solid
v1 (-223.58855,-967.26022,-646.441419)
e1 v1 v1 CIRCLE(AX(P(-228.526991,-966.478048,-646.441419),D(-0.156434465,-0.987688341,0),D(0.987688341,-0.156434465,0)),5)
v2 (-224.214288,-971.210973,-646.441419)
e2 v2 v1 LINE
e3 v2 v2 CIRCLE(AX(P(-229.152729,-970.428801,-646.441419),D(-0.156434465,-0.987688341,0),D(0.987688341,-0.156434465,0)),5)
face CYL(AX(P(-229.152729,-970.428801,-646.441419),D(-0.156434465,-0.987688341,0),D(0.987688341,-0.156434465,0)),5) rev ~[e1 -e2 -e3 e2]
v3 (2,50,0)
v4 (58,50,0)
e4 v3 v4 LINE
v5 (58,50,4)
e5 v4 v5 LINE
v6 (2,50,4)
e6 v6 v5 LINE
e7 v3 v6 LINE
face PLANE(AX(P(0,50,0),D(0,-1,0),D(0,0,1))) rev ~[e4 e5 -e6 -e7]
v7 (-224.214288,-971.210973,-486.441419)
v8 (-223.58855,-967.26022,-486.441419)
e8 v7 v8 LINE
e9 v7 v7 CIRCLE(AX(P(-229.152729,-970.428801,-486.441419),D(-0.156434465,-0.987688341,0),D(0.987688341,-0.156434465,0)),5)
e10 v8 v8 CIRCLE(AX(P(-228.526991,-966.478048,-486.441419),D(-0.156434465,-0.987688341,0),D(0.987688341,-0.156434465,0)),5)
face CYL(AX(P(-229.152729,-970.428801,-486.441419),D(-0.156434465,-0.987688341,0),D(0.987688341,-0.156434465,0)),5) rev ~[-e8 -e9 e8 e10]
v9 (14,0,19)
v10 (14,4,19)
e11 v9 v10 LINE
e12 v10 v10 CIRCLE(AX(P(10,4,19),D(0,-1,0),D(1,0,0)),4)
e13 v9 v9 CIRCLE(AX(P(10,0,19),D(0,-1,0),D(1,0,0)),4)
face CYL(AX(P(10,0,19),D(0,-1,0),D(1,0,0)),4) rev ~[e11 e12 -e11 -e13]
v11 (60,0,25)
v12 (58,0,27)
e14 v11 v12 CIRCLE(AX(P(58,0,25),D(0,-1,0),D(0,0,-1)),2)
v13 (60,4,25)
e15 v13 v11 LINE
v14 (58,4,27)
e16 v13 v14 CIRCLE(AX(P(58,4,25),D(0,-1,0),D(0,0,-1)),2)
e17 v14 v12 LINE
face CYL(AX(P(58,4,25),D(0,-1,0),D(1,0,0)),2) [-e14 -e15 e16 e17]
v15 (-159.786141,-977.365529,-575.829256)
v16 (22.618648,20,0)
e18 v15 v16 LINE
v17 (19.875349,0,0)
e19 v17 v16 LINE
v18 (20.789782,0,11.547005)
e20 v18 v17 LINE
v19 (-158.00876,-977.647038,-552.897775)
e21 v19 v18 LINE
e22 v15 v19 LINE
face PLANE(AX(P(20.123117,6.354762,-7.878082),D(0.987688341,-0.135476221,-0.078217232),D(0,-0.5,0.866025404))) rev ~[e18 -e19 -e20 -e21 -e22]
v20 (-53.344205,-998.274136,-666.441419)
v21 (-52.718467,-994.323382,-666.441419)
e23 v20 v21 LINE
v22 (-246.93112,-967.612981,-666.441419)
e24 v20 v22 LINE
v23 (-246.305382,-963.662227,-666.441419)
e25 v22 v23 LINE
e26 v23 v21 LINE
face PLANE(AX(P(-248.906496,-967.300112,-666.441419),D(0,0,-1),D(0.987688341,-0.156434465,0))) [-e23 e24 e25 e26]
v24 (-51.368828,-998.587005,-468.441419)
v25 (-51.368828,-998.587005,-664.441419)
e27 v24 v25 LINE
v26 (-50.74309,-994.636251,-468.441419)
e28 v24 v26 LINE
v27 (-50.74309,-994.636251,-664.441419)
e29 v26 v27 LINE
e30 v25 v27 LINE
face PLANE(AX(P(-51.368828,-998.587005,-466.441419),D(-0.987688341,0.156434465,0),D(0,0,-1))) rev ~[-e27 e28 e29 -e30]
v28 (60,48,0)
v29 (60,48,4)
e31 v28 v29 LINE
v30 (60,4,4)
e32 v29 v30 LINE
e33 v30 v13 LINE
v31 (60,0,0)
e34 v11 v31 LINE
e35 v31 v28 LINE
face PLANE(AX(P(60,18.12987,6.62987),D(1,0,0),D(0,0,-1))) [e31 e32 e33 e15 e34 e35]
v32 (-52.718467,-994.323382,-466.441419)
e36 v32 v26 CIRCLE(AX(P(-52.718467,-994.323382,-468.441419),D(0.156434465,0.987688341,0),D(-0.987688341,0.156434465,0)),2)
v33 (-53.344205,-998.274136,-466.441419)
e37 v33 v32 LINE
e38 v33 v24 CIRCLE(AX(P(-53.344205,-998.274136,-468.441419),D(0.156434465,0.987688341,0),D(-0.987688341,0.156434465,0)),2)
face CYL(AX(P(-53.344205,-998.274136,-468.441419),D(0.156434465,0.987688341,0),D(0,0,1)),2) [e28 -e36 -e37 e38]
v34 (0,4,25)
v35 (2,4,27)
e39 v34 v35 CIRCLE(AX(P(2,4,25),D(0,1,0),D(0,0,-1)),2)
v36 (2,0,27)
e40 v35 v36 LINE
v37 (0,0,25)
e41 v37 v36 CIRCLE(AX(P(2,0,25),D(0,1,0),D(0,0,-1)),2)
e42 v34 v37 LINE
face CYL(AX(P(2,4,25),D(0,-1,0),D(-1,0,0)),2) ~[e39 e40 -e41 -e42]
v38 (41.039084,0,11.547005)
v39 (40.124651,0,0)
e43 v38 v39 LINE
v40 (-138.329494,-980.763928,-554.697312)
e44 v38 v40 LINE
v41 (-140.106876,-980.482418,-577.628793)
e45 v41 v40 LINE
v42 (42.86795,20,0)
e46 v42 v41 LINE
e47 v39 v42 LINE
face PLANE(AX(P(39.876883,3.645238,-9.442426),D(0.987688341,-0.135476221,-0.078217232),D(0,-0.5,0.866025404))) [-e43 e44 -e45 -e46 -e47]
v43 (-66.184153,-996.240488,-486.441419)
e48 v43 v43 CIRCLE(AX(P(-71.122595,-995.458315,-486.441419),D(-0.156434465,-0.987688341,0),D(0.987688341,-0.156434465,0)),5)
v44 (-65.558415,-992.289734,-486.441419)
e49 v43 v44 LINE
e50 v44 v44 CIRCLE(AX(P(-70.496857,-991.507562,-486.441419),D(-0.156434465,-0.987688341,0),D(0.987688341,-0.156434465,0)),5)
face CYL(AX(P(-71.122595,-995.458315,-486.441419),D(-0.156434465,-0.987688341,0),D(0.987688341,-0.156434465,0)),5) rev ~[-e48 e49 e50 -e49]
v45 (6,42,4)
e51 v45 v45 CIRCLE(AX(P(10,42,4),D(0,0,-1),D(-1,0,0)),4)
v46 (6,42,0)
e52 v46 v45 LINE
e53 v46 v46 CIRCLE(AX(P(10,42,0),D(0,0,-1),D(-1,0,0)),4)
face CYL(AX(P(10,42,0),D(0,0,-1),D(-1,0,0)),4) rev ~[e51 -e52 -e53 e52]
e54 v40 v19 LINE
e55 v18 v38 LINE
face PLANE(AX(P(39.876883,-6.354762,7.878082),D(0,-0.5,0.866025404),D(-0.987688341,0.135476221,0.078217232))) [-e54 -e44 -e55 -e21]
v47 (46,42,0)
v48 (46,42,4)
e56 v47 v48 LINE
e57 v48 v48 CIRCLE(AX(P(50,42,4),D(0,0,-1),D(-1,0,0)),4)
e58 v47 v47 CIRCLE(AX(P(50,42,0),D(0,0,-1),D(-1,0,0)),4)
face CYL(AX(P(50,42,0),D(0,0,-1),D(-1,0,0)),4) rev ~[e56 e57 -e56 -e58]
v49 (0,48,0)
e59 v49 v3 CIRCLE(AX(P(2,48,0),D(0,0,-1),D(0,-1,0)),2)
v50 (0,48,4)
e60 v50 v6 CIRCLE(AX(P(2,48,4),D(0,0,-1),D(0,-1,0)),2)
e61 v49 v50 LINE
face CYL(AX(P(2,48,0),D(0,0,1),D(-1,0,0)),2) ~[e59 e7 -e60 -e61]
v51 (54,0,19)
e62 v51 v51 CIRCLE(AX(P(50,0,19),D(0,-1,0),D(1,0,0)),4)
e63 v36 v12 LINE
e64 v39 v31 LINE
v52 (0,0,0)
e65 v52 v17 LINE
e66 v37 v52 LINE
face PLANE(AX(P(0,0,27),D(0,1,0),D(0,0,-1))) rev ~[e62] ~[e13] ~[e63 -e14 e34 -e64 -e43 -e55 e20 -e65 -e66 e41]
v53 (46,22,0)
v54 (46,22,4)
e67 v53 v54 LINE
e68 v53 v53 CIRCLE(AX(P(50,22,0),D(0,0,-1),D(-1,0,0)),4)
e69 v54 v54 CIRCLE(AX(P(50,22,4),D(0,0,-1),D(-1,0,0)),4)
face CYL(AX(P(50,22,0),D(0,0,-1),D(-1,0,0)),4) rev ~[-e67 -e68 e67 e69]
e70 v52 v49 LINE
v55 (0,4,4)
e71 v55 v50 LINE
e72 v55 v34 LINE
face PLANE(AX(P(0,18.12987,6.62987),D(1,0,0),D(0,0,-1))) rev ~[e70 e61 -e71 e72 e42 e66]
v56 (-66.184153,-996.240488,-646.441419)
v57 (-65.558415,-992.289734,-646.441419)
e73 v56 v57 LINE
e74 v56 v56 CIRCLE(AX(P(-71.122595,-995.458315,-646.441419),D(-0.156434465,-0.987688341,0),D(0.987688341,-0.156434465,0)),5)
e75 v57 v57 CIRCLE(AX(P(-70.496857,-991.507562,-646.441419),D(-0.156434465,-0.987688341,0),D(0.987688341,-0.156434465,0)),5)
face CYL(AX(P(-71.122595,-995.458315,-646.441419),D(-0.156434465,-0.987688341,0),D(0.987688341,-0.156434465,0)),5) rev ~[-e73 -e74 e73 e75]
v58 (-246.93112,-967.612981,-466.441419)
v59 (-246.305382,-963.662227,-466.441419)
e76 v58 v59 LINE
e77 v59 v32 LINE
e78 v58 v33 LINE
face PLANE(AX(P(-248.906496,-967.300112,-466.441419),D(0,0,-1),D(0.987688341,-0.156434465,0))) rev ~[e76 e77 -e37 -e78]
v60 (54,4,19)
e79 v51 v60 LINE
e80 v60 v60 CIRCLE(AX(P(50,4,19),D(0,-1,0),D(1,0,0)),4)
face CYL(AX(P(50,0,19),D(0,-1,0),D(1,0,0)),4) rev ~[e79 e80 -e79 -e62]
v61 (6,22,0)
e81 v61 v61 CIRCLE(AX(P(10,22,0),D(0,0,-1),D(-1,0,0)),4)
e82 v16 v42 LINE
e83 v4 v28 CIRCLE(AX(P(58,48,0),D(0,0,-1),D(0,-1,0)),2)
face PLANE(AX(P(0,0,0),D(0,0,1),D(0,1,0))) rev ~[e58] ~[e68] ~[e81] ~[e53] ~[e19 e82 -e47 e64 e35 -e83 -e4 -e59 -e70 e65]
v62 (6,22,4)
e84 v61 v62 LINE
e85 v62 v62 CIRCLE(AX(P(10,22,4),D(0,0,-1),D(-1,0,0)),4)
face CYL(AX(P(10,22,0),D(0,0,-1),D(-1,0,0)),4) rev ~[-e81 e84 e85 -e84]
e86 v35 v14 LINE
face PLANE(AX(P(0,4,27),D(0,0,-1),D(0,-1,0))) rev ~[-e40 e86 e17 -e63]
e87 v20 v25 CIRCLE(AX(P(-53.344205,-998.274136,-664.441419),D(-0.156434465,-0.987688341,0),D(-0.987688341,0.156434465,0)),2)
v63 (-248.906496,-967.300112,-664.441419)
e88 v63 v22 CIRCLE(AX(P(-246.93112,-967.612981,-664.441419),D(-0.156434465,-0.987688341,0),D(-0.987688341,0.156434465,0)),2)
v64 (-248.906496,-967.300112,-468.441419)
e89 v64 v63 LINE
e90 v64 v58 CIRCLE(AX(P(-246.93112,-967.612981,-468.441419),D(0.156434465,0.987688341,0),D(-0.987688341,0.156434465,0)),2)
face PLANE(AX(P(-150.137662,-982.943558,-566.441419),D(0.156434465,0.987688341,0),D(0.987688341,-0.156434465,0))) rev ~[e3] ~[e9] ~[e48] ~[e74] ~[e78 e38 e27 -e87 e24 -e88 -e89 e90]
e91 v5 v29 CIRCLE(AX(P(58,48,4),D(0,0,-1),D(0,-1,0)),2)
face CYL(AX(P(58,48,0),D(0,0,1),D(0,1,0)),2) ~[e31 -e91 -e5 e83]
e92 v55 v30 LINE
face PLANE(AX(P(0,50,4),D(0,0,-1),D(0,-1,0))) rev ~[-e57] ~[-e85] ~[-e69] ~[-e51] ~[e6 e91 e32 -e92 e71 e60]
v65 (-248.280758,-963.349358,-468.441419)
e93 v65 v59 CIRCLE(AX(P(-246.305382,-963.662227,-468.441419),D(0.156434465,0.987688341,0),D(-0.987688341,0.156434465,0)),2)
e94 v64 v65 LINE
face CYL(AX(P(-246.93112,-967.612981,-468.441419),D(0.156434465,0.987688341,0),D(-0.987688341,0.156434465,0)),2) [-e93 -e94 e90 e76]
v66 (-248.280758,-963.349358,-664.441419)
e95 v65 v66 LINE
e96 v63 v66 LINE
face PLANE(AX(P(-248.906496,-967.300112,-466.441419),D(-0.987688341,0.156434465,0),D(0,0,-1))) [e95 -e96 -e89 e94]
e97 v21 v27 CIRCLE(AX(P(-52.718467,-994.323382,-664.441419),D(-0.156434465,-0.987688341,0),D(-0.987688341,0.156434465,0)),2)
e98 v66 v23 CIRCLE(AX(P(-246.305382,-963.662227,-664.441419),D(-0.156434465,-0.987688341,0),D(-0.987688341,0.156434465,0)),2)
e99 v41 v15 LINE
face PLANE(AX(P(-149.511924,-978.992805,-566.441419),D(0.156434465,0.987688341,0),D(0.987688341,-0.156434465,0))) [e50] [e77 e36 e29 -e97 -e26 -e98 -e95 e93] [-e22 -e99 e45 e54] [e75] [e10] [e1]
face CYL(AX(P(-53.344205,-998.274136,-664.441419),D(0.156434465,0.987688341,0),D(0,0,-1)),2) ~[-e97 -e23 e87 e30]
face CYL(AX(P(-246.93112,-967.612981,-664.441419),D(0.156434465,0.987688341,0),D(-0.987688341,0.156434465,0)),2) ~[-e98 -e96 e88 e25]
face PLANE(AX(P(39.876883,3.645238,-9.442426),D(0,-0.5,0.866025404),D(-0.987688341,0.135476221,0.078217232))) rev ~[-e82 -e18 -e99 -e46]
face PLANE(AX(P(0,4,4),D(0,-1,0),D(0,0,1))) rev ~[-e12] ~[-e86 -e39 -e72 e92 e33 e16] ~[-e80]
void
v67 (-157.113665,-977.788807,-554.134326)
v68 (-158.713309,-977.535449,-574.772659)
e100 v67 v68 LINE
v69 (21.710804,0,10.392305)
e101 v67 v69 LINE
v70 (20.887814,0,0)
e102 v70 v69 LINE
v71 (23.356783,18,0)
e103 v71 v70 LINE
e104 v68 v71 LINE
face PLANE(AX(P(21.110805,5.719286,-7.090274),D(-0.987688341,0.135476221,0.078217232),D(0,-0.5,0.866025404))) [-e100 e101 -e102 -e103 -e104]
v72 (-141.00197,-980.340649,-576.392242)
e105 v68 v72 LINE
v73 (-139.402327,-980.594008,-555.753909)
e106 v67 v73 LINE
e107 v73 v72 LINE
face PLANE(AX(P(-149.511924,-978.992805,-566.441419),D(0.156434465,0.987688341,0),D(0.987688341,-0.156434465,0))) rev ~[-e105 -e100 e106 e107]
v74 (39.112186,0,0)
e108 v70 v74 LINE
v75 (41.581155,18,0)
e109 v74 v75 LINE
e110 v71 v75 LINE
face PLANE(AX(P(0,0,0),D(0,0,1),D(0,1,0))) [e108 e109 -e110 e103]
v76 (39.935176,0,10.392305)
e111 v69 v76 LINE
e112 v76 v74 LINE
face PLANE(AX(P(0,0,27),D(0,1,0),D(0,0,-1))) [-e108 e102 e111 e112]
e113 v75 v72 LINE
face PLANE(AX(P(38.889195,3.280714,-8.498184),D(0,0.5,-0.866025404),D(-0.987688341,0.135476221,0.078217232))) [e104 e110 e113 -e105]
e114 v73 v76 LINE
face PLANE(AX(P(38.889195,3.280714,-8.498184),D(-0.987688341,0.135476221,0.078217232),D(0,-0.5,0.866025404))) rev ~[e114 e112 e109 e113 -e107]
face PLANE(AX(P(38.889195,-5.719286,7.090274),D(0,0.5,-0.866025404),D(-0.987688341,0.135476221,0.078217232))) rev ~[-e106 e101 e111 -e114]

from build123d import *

# Parameters (mm, degrees)
BOSS_EXTRUDE1_DEPTH      = 60
SKETCH3_W                = 20
SKETCH3_H                = 20
SKETCH3_W_2              = 18
SKETCH3_H_2              = 18
BOSS_EXTRUDE2_DEPTH      = 2000
BOSS_EXTRUDE2_DEPTH_BACK = 20
CUT_EXTRUDE1_DEPTH       = 60
SKETCH7_W                = 200
SKETCH7_H                = 200
BOSS_EXTRUDE3_DEPTH      = 4
SKETCH8_W                = 109.20231627
SKETCH8_H                = 482.966945154
CUT_EXTRUDE3_DEPTH       = 1000
CUT_EXTRUDE4_REACH       = 29
SKETCH9_R                = 3.999999996
CUT_EXTRUDE5_REACH       = 52
SKETCH10_R               = 4.000000003
CUT_EXTRUDE6_REACH       = 1055.099
SKETCH11_R               = 5
FILLET1_R                = 2
FILLET2_R                = 2


with BuildPart() as part:
    # Sketch1 → Boss-Extrude1 (new body)
    with BuildSketch(Plane(origin=(0, 0, 0), x_dir=(0, 0, -1), z_dir=(1, 0, 0))):
        Polygon((0, 0), (0, 50), (-4, 50), (-4, 4), (-27, 4), (-27, 0), align=None)
    extrude(amount=BOSS_EXTRUDE1_DEPTH)

    # Sketch3 → Boss-Extrude2 (add, two sides)
    with BuildSketch(Plane(origin=(0.734152256, 4.01424851, 2.317627458), x_dir=(0, -0.5, 0.866025404), z_dir=(-0.156434465, -0.855363194, -0.49384417))) as boss_extrude2_sk:
        with Locations((0, -29.630650218)):
            Rectangle(SKETCH3_W, SKETCH3_H)
        with Locations((0, -29.630650218)):
            Rectangle(SKETCH3_W_2, SKETCH3_H_2, mode=Mode.SUBTRACT)
    extrude(amount=BOSS_EXTRUDE2_DEPTH)
    extrude(boss_extrude2_sk.sketch, amount=-BOSS_EXTRUDE2_DEPTH_BACK)

    # Sketch5 → Cut-Extrude1 (cut)
    with BuildSketch(Plane.ZY):
        Polygon((4, 4), (4, 36.054903459), (38.781358344, 4), align=None)
    extrude(amount=-CUT_EXTRUDE1_DEPTH, mode=Mode.SUBTRACT)

    # Sketch7 → Boss-Extrude3 (add)
    with BuildSketch(Plane(origin=(-155.547262091, -982.086761679, 2e-09), x_dir=(0.987688341, -0.156434465, 0), z_dir=(0.156434465, 0.987688341, 0))):
        with Locations((5.477031178, 566.441418592)):
            Rectangle(SKETCH7_W, SKETCH7_H)
    extrude(amount=BOSS_EXTRUDE3_DEPTH)

    # Sketch8 → Cut-Extrude3 (cut)
    with BuildSketch(Plane(origin=(-155.547262091, -982.086761679, 2e-09), x_dir=(0.987688341, -0.156434465, 0), z_dir=(-0.156434465, -0.987688341, 0))):
        with Locations((4.33544583, -787.065663544)):
            Rectangle(SKETCH8_W, SKETCH8_H)
    extrude(amount=CUT_EXTRUDE3_DEPTH, mode=Mode.SUBTRACT)

    # Sketch9 → Cut-Extrude4 (cut, up to next)
    with BuildSketch(Plane(origin=(0, 0, 0), x_dir=(-1, 0, 0), z_dir=(0, 0, -1)), mode=Mode.PRIVATE) as cut_extrude4_sk1:
        with Locations((-50, 22)):
            Circle(SKETCH9_R)
    cut_extrude4_tool1 = extrude(cut_extrude4_sk1.sketch, amount=-CUT_EXTRUDE4_REACH, mode=Mode.PRIVATE) & part.part
    add(cut_extrude4_tool1.solids().sort_by_distance((50, 22, 0))[0], mode=Mode.SUBTRACT)
    # Sketch9 → Cut-Extrude4 (cut, up to next)
    with BuildSketch(Plane(origin=(0, 0, 0), x_dir=(-1, 0, 0), z_dir=(0, 0, -1)), mode=Mode.PRIVATE) as cut_extrude4_sk2:
        with Locations((-10, 22)):
            Circle(SKETCH9_R)
    cut_extrude4_tool2 = extrude(cut_extrude4_sk2.sketch, amount=-CUT_EXTRUDE4_REACH, mode=Mode.PRIVATE) & part.part
    add(cut_extrude4_tool2.solids().sort_by_distance((10, 22, 0))[0], mode=Mode.SUBTRACT)
    # Sketch9 → Cut-Extrude4 (cut, up to next)
    with BuildSketch(Plane(origin=(0, 0, 0), x_dir=(-1, 0, 0), z_dir=(0, 0, -1)), mode=Mode.PRIVATE) as cut_extrude4_sk3:
        with Locations((-10, 42)):
            Circle(SKETCH9_R)
    cut_extrude4_tool3 = extrude(cut_extrude4_sk3.sketch, amount=-CUT_EXTRUDE4_REACH, mode=Mode.PRIVATE) & part.part
    add(cut_extrude4_tool3.solids().sort_by_distance((10, 42, 0))[0], mode=Mode.SUBTRACT)
    # Sketch9 → Cut-Extrude4 (cut, up to next)
    with BuildSketch(Plane(origin=(0, 0, 0), x_dir=(-1, 0, 0), z_dir=(0, 0, -1)), mode=Mode.PRIVATE) as cut_extrude4_sk4:
        with Locations((-50, 42)):
            Circle(SKETCH9_R)
    cut_extrude4_tool4 = extrude(cut_extrude4_sk4.sketch, amount=-CUT_EXTRUDE4_REACH, mode=Mode.PRIVATE) & part.part
    add(cut_extrude4_tool4.solids().sort_by_distance((50, 42, 0))[0], mode=Mode.SUBTRACT)

    # Sketch10 → Cut-Extrude5 (cut, up to next)
    with BuildSketch(Plane.XZ, mode=Mode.PRIVATE) as cut_extrude5_sk1:
        with Locations((50, 19)):
            Circle(SKETCH10_R)
    cut_extrude5_tool1 = extrude(cut_extrude5_sk1.sketch, amount=-CUT_EXTRUDE5_REACH, mode=Mode.PRIVATE) & part.part
    add(cut_extrude5_tool1.solids().sort_by_distance((50, 0, 19))[0], mode=Mode.SUBTRACT)
    # Sketch10 → Cut-Extrude5 (cut, up to next)
    with BuildSketch(Plane.XZ, mode=Mode.PRIVATE) as cut_extrude5_sk2:
        with Locations((10, 19)):
            Circle(SKETCH10_R)
    cut_extrude5_tool2 = extrude(cut_extrude5_sk2.sketch, amount=-CUT_EXTRUDE5_REACH, mode=Mode.PRIVATE) & part.part
    add(cut_extrude5_tool2.solids().sort_by_distance((10, 0, 19))[0], mode=Mode.SUBTRACT)

    # Sketch11 → Cut-Extrude6 (cut, up to next)
    with BuildSketch(Plane(origin=(-155.547262091, -982.086761679, 2e-09), x_dir=(0.987688341, -0.156434465, 0), z_dir=(-0.156434465, -0.987688341, 0)), mode=Mode.PRIVATE) as cut_extrude6_sk1:
        with Locations((-74.522968646, -486.441418617)):
            Circle(SKETCH11_R)
    cut_extrude6_tool1 = extrude(cut_extrude6_sk1.sketch, amount=-CUT_EXTRUDE6_REACH, mode=Mode.PRIVATE) & part.part
    add(cut_extrude6_tool1.solids().sort_by_distance((-229.152729, -970.428801, -486.441419))[0], mode=Mode.SUBTRACT)
    # Sketch11 → Cut-Extrude6 (cut, up to next)
    with BuildSketch(Plane(origin=(-155.547262091, -982.086761679, 2e-09), x_dir=(0.987688341, -0.156434465, 0), z_dir=(-0.156434465, -0.987688341, 0)), mode=Mode.PRIVATE) as cut_extrude6_sk2:
        with Locations((85.477031354, -486.441418617)):
            Circle(SKETCH11_R)
    cut_extrude6_tool2 = extrude(cut_extrude6_sk2.sketch, amount=-CUT_EXTRUDE6_REACH, mode=Mode.PRIVATE) & part.part
    add(cut_extrude6_tool2.solids().sort_by_distance((-71.122595, -995.458315, -486.441419))[0], mode=Mode.SUBTRACT)
    # Sketch11 → Cut-Extrude6 (cut, up to next)
    with BuildSketch(Plane(origin=(-155.547262091, -982.086761679, 2e-09), x_dir=(0.987688341, -0.156434465, 0), z_dir=(-0.156434465, -0.987688341, 0)), mode=Mode.PRIVATE) as cut_extrude6_sk3:
        with Locations((85.477031354, -646.441418617)):
            Circle(SKETCH11_R)
    cut_extrude6_tool3 = extrude(cut_extrude6_sk3.sketch, amount=-CUT_EXTRUDE6_REACH, mode=Mode.PRIVATE) & part.part
    add(cut_extrude6_tool3.solids().sort_by_distance((-71.122595, -995.458315, -646.441419))[0], mode=Mode.SUBTRACT)
    # Sketch11 → Cut-Extrude6 (cut, up to next)
    with BuildSketch(Plane(origin=(-155.547262091, -982.086761679, 2e-09), x_dir=(0.987688341, -0.156434465, 0), z_dir=(-0.156434465, -0.987688341, 0)), mode=Mode.PRIVATE) as cut_extrude6_sk4:
        with Locations((-74.522968646, -646.441418617)):
            Circle(SKETCH11_R)
    cut_extrude6_tool4 = extrude(cut_extrude6_sk4.sketch, amount=-CUT_EXTRUDE6_REACH, mode=Mode.PRIVATE) & part.part
    add(cut_extrude6_tool4.solids().sort_by_distance((-229.152729, -970.428801, -646.441419))[0], mode=Mode.SUBTRACT)

    # Fillet1
    fillet1_edges = [part.edges().sort_by_distance(p)[0] for p in [
        (60, 50, 2),
        (60, 2, 27),
        (0, 2, 27),
        (0, 50, 2),
    ]]
    fillet(fillet1_edges, radius=FILLET1_R)

    # Fillet2
    fillet2_edges = [part.edges().sort_by_distance(p)[0] for p in [
        (-248.593627385, -965.324734939, -666.44141859),
        (-248.593627385, -965.324734938, -466.44141859),
        (-51.055959266, -996.611627945, -466.44141859),
        (-51.055959266, -996.611627945, -666.44141859),
    ]]
    fillet(fillet2_edges, radius=FILLET2_R)


solid = part.part
